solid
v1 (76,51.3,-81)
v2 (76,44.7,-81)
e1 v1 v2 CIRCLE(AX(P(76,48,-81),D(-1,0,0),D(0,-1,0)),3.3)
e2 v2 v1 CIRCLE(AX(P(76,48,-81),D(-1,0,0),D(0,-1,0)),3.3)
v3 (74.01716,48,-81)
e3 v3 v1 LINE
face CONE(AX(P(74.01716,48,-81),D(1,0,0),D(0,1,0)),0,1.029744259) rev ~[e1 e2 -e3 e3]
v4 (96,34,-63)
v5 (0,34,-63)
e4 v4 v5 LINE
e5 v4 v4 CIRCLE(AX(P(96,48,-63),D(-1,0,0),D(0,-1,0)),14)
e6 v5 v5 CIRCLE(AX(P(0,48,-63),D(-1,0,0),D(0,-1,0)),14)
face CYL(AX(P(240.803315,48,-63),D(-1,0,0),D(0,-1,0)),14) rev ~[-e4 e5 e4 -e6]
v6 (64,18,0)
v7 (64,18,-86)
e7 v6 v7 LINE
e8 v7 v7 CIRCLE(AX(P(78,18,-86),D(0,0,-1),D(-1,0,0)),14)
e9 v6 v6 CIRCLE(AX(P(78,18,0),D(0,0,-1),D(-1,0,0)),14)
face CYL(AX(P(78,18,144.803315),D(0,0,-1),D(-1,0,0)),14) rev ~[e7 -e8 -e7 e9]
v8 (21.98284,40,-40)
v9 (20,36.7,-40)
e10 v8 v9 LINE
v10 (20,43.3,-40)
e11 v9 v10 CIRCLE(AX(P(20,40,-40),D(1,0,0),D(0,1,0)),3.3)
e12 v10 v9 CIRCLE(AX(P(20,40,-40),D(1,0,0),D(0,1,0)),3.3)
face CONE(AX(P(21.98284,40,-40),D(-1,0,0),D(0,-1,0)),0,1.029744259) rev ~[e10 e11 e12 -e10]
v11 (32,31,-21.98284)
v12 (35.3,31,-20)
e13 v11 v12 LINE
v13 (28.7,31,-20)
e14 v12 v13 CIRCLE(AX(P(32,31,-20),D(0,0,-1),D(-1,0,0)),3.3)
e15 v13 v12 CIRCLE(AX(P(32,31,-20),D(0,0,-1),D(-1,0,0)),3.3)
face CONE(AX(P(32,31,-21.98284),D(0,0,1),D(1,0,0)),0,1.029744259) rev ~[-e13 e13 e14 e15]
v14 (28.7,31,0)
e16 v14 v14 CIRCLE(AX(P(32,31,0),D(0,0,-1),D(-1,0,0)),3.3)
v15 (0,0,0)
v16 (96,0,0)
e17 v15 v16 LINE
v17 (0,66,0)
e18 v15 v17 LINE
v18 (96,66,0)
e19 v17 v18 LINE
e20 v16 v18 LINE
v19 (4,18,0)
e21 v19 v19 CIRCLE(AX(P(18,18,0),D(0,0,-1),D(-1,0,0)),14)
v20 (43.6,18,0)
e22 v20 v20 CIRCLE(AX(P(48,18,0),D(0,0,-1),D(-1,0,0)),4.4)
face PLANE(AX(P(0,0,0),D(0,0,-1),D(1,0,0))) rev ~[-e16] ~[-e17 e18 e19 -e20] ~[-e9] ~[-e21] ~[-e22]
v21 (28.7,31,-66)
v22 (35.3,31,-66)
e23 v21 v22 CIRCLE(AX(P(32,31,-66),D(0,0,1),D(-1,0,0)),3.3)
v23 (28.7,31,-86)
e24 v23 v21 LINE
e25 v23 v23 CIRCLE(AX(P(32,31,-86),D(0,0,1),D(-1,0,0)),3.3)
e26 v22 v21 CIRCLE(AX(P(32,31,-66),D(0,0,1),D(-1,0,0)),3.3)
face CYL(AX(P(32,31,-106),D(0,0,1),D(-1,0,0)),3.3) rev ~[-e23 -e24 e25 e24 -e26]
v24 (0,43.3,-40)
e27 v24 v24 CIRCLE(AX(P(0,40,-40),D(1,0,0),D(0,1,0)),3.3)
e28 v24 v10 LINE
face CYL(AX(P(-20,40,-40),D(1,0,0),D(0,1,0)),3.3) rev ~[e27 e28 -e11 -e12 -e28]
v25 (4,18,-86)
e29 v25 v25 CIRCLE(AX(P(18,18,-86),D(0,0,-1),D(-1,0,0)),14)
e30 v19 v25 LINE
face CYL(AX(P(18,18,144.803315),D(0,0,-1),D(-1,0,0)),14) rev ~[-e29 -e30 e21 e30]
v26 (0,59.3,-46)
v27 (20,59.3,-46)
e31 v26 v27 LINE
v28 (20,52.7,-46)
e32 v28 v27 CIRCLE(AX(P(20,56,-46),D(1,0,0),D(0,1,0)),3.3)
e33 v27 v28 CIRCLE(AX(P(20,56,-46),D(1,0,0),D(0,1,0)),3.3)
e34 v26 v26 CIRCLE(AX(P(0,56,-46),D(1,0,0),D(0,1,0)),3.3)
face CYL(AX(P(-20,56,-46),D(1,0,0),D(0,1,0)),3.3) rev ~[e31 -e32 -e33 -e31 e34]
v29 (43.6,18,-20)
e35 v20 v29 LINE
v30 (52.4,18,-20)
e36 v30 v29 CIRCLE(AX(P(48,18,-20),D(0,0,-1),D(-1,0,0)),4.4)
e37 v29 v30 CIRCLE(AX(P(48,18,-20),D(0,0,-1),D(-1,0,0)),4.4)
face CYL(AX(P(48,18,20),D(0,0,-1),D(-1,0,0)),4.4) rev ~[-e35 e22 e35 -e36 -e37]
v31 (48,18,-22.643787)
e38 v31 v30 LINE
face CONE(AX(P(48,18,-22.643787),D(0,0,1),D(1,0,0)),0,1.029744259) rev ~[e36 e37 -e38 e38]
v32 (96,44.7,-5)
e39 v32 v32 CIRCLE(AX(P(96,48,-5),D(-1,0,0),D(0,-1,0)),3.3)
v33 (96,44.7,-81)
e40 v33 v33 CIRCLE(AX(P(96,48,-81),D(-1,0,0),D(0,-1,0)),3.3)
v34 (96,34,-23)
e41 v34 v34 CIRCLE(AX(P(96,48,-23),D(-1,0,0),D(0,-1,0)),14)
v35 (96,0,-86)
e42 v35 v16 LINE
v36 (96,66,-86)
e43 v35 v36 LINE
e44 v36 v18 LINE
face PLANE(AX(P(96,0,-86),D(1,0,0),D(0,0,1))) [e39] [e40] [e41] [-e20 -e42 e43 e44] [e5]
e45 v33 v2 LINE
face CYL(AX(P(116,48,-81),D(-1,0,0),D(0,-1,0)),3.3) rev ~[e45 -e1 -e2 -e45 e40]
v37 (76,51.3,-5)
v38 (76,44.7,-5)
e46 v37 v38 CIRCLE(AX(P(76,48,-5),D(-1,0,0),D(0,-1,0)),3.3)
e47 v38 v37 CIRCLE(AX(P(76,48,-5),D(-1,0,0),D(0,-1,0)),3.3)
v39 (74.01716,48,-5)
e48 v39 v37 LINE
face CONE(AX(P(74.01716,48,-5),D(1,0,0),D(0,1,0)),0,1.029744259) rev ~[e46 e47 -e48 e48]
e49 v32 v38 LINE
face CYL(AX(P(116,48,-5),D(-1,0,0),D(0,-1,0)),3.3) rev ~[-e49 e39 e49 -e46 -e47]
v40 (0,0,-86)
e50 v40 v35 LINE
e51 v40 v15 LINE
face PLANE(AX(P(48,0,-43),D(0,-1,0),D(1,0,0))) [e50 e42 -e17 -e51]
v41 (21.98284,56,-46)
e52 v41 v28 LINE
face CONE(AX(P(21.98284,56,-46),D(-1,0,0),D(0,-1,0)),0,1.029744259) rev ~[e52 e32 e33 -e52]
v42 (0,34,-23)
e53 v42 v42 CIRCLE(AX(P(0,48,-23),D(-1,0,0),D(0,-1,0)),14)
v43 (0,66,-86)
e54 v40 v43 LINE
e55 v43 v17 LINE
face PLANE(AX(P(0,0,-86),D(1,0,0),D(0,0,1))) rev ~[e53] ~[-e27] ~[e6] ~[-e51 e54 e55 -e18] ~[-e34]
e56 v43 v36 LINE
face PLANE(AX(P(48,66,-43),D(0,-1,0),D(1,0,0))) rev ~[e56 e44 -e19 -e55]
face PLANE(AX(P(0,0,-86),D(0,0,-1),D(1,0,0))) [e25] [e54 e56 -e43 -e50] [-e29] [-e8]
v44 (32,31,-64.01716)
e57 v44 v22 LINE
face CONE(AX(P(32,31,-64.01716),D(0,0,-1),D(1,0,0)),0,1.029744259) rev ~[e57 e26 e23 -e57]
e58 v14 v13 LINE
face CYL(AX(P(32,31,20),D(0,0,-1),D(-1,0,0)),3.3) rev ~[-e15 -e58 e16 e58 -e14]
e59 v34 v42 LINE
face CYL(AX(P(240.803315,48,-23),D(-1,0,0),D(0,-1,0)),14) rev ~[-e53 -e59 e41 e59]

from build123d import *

# Parameters (mm, degrees)
F0_W      = 96
F0_H      = 86
F1_DEPTH  = 66
F3_D      = 28
F5_D      = 28
F7_D      = 8.8
F7_DEPTH  = 20
F7_TIP    = 2.6437867237
F9_D      = 6.6
F9_DEPTH  = 20
F9_TIP    = 1.9828400428
F11_D     = 6.6
F11_DEPTH = 20
F11_TIP   = 1.9828400428
F13_D     = 6.6
F13_DEPTH = 20
F13_TIP   = 1.9828400428
F15_D     = 6.6
F15_DEPTH = 20
F15_TIP   = 1.9828400428


with BuildPart() as f1:
    # F0 (on Front) → F1 (new body)
    with BuildSketch(Plane.XZ):
        with Locations((48, -43)):
            Rectangle(F0_W, F0_H)
    extrude(amount=-F1_DEPTH)

    # F3 (through all)
    with Locations(Plane.XY):
        with Locations((18, 18), (78, 18)):
            Hole(F3_D / 2)

    # F5 (through all)
    with Locations(Plane.YZ.offset(96)):
        with Locations((48, -23), (48, -63)):
            Hole(F5_D / 2)

    # F7
    with Locations(Plane.XY):
        with Locations((48, 18)):
            Hole(F7_D / 2, depth=F7_DEPTH)
            with Locations((0, 0, -(F7_DEPTH + F7_TIP / 2))):  # 118° drill point
                Cone(0, F7_D / 2, F7_TIP, mode=Mode.SUBTRACT)

    # F9
    with Locations(Plane.XY):
        with Locations((32, 31)):
            Hole(F9_D / 2, depth=F9_DEPTH)
            with Locations((0, 0, -(F9_DEPTH + F9_TIP / 2))):  # 118° drill point
                Cone(0, F9_D / 2, F9_TIP, mode=Mode.SUBTRACT)

    # F11
    with Locations(Plane.YZ.offset(96)):
        with Locations((48, -81), (48, -5)):
            Hole(F11_D / 2, depth=F11_DEPTH)
            with Locations((0, 0, -(F11_DEPTH + F11_TIP / 2))):  # 118° drill point
                Cone(0, F11_D / 2, F11_TIP, mode=Mode.SUBTRACT)

    # F13
    with Locations(Plane(origin=(0, 0, -86), x_dir=(1, 0, 0), z_dir=(0, 0, -1))):
        with Locations((32, -31)):
            Hole(F13_D / 2, depth=F13_DEPTH)
            with Locations((0, 0, -(F13_DEPTH + F13_TIP / 2))):  # 118° drill point
                Cone(0, F13_D / 2, F13_TIP, mode=Mode.SUBTRACT)

    # F15
    with Locations(Plane(origin=(0, 0, 0), x_dir=(0, -1, 0), z_dir=(-1, 0, 0))):
        with Locations((-56, -46), (-40, -40)):
            Hole(F15_D / 2, depth=F15_DEPTH)
            with Locations((0, 0, -(F15_DEPTH + F15_TIP / 2))):  # 118° drill point
                Cone(0, F15_D / 2, F15_TIP, mode=Mode.SUBTRACT)


solid = f1.part
